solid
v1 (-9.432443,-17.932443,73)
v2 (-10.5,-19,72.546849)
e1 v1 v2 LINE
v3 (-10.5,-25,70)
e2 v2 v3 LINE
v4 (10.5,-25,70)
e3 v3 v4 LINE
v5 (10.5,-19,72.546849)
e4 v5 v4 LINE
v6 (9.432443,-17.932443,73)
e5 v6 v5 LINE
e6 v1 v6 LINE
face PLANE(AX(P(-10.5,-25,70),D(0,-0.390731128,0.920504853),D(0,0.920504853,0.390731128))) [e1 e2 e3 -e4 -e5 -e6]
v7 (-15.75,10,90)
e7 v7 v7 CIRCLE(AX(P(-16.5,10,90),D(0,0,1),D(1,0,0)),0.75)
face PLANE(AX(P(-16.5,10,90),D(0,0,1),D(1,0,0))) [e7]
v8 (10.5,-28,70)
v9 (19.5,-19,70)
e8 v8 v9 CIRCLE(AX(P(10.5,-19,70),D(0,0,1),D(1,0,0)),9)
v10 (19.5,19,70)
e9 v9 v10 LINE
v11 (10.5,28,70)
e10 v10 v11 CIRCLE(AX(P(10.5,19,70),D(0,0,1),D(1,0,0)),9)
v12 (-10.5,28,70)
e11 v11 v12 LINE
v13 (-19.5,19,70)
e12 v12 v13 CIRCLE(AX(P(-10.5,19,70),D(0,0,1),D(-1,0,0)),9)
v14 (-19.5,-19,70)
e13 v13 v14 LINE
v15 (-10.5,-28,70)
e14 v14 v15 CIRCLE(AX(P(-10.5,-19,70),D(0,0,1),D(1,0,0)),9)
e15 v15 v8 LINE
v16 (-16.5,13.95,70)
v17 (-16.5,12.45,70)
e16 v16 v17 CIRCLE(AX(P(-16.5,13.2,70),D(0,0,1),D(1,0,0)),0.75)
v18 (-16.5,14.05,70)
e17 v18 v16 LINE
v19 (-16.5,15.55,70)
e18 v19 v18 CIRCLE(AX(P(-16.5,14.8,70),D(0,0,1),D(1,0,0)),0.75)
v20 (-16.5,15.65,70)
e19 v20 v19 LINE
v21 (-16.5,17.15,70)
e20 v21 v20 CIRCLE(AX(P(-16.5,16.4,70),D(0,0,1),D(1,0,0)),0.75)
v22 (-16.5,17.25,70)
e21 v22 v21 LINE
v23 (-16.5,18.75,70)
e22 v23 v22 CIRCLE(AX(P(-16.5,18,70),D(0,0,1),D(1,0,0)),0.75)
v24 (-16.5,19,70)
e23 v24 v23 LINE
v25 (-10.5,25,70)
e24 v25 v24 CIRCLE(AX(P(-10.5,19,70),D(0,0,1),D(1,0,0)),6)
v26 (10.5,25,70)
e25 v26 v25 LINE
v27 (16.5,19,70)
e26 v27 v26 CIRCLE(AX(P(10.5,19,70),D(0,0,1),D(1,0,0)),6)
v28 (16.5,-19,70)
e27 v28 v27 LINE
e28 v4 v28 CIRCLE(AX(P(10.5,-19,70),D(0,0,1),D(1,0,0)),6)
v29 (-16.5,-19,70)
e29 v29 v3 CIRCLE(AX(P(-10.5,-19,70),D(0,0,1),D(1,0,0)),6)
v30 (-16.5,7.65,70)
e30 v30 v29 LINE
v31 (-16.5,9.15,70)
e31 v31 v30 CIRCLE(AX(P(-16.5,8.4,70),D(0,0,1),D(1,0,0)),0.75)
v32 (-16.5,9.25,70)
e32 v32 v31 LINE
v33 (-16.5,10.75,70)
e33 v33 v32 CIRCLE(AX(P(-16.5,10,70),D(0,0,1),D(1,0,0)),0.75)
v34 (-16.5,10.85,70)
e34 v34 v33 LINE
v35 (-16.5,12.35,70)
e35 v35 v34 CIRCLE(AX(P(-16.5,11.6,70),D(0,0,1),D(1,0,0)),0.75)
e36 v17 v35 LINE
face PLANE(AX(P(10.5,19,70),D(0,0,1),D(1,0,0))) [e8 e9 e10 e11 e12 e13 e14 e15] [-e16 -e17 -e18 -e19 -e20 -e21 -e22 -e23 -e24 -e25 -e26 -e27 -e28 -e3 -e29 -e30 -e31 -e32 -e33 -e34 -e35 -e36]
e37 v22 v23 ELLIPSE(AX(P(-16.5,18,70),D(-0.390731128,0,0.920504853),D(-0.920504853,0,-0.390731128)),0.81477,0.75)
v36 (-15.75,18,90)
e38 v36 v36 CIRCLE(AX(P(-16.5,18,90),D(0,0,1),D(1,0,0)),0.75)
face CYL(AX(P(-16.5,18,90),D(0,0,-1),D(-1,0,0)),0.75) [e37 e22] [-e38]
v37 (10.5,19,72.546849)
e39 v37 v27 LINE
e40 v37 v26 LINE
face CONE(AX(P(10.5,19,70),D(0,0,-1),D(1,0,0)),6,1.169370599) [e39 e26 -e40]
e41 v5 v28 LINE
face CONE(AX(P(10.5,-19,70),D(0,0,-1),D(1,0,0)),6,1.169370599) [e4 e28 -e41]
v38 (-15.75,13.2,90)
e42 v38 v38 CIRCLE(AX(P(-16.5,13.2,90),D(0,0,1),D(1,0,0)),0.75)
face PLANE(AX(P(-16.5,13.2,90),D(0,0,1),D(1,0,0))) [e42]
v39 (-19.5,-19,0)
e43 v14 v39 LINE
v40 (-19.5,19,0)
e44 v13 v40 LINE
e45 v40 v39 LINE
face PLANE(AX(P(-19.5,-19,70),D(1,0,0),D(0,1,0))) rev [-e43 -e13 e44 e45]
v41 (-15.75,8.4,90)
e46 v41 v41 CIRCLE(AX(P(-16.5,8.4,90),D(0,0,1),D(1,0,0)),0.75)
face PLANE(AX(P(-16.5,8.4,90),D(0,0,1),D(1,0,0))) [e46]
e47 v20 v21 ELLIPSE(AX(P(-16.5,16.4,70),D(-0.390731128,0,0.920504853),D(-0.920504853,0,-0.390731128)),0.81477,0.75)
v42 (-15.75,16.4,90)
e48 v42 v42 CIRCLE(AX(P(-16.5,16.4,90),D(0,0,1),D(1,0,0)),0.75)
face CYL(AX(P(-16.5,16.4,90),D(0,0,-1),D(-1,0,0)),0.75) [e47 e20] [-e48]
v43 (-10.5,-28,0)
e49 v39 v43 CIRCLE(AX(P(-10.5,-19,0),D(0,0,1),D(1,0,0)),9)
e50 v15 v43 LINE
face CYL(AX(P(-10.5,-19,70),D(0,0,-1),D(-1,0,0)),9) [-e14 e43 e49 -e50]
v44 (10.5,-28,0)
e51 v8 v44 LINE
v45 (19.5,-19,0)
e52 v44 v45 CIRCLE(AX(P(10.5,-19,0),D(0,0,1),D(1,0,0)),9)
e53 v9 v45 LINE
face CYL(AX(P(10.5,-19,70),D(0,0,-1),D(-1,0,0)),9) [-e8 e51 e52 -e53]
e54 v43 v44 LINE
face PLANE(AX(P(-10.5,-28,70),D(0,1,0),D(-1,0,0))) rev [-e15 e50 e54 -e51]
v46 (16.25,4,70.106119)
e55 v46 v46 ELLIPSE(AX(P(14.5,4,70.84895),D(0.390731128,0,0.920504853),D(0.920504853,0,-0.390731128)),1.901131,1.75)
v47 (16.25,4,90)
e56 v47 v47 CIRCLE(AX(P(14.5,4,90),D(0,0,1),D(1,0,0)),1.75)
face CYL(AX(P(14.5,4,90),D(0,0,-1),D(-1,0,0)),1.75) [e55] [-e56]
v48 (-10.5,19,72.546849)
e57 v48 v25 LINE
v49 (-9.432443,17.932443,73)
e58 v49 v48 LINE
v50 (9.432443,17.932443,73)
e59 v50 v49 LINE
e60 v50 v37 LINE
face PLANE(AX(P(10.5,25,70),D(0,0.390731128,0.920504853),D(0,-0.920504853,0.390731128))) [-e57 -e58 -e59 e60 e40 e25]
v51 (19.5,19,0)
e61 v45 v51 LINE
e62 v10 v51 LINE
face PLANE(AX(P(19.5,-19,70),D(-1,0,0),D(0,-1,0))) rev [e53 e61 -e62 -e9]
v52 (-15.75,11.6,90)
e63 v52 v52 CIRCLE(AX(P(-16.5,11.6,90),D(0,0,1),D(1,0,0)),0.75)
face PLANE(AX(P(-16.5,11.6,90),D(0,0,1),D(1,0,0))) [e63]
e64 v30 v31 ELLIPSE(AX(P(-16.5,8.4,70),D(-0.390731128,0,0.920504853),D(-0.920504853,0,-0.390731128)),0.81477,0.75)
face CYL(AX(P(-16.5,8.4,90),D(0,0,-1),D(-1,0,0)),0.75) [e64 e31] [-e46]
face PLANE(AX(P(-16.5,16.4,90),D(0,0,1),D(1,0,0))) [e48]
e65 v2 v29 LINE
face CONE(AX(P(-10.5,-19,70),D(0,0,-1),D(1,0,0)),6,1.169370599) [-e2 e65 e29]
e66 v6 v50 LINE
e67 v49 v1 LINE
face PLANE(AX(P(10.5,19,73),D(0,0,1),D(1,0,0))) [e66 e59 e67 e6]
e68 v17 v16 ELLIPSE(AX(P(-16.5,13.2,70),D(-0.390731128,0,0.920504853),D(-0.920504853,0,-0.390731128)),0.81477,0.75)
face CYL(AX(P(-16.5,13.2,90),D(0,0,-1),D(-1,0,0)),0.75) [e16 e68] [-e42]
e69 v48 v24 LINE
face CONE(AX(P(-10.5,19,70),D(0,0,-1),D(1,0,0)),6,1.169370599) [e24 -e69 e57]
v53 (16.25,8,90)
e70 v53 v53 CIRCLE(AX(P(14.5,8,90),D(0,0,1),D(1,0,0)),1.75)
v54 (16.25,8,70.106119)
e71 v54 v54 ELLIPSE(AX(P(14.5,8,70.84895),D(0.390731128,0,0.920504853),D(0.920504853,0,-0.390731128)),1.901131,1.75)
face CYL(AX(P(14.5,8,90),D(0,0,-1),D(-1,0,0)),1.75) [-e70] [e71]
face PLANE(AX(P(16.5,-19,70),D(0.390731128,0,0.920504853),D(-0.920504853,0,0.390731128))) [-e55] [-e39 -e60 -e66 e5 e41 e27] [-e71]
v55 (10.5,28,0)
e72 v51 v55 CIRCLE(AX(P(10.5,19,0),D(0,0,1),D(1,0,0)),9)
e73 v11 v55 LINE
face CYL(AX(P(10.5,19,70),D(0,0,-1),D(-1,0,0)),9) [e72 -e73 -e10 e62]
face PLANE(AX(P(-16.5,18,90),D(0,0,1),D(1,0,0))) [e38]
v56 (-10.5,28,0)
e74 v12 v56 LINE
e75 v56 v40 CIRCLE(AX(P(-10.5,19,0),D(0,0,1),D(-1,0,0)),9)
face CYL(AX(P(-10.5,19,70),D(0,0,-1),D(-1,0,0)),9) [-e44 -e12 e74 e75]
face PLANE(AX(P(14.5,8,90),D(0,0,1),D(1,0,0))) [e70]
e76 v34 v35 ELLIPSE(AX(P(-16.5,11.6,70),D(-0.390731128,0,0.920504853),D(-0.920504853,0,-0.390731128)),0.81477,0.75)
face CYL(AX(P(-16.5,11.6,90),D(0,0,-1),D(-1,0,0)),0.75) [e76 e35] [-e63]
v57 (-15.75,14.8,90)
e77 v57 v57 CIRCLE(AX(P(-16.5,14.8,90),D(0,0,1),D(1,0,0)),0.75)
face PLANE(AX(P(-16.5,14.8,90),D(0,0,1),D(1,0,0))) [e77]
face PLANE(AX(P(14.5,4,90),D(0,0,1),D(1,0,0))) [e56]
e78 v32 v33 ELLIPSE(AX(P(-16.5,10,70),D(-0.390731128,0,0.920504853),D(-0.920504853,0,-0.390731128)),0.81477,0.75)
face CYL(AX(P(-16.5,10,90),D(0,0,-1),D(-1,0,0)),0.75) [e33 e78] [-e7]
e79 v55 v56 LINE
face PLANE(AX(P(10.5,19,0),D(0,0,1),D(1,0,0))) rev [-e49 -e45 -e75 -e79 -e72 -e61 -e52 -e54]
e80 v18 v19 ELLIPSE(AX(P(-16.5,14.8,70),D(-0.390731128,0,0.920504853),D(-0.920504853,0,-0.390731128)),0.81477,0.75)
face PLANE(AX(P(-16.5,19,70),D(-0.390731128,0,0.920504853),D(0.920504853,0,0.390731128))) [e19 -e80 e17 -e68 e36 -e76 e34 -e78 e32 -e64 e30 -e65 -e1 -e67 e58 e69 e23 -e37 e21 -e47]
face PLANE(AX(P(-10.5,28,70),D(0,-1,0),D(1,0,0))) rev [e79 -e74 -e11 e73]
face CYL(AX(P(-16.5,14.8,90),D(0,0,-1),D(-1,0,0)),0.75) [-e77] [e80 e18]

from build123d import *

# Parameters (mm, degrees)
BOSS_EXTRUDE1_DEPTH = 70
BOSS_EXTRUDE2_DEPTH = 3
BOSS_EXTRUDE2_TAPER = 67
SKETCH3_R           = 1.75
SKETCH3_R_2         = 0.75
BOSS_EXTRUDE3_DEPTH = 20


with BuildPart() as part:
    # Sketch1 → Boss-Extrude1 (new body)
    with BuildSketch(Plane(origin=(0, 0, 0), x_dir=(0, 1, 0), z_dir=(0, 0, 1))):
        with BuildLine():
            Line((-19, 19.5), (19, 19.5))
            ThreePointArc((19, 19.5), (25.363961031, 16.863961031), (28, 10.5))
            Line((28, 10.5), (28, -10.5))
            ThreePointArc((28, -10.5), (25.363961031, -16.863961031), (19, -19.5))
            Line((19, -19.5), (-19, -19.5))
            ThreePointArc((-19, -19.5), (-25.363961031, -16.863961031), (-28, -10.5))
            Line((-28, -10.5), (-28, 10.5))
            ThreePointArc((-28, 10.5), (-25.363961031, 16.863961031), (-19, 19.5))
        make_face()
    extrude(amount=BOSS_EXTRUDE1_DEPTH)

    # Sketch2 → Boss-Extrude2 (add)
    with BuildSketch(Plane.XY.offset(70)):
        with BuildLine():
            Line((10.5, 25), (-10.5, 25))
            ThreePointArc((-10.5, 25), (-14.742640687, 23.242640687), (-16.5, 19))
            Line((-16.5, 19), (-16.5, -19))
            ThreePointArc((-16.5, -19), (-14.742640687, -23.242640687), (-10.5, -25))
            Line((-10.5, -25), (10.5, -25))
            ThreePointArc((10.5, -25), (14.742640687, -23.242640687), (16.5, -19))
            Line((16.5, -19), (16.5, 19))
            ThreePointArc((16.5, 19), (14.742640687, 23.242640687), (10.5, 25))
        make_face()
    extrude(amount=BOSS_EXTRUDE2_DEPTH, taper=BOSS_EXTRUDE2_TAPER)

    # Sketch3 → Boss-Extrude3 (add)
    with BuildSketch(Plane.XY.offset(70)):
        with Locations((14.5, 8)):
            Circle(SKETCH3_R)
        with Locations((14.5, 4)):
            Circle(SKETCH3_R)
        with Locations(Location((-16.5, 18, 0), (0, 0, 270))):
            Circle(SKETCH3_R_2)
        with Locations(Location((-16.5, 16.4, 0), (0, 0, 270))):
            Circle(SKETCH3_R_2)
        with Locations(Location((-16.5, 14.8, 0), (0, 0, 270))):
            Circle(SKETCH3_R_2)
        with Locations(Location((-16.5, 13.2, 0), (0, 0, 270))):
            Circle(SKETCH3_R_2)
        with Locations(Location((-16.5, 11.6, 0), (0, 0, 270))):
            Circle(SKETCH3_R_2)
        with Locations(Location((-16.5, 10, 0), (0, 0, 270))):
            Circle(SKETCH3_R_2)
        with Locations(Location((-16.5, 8.4, 0), (0, 0, 270))):
            Circle(SKETCH3_R_2)
    extrude(amount=BOSS_EXTRUDE3_DEPTH)


solid = part.part
